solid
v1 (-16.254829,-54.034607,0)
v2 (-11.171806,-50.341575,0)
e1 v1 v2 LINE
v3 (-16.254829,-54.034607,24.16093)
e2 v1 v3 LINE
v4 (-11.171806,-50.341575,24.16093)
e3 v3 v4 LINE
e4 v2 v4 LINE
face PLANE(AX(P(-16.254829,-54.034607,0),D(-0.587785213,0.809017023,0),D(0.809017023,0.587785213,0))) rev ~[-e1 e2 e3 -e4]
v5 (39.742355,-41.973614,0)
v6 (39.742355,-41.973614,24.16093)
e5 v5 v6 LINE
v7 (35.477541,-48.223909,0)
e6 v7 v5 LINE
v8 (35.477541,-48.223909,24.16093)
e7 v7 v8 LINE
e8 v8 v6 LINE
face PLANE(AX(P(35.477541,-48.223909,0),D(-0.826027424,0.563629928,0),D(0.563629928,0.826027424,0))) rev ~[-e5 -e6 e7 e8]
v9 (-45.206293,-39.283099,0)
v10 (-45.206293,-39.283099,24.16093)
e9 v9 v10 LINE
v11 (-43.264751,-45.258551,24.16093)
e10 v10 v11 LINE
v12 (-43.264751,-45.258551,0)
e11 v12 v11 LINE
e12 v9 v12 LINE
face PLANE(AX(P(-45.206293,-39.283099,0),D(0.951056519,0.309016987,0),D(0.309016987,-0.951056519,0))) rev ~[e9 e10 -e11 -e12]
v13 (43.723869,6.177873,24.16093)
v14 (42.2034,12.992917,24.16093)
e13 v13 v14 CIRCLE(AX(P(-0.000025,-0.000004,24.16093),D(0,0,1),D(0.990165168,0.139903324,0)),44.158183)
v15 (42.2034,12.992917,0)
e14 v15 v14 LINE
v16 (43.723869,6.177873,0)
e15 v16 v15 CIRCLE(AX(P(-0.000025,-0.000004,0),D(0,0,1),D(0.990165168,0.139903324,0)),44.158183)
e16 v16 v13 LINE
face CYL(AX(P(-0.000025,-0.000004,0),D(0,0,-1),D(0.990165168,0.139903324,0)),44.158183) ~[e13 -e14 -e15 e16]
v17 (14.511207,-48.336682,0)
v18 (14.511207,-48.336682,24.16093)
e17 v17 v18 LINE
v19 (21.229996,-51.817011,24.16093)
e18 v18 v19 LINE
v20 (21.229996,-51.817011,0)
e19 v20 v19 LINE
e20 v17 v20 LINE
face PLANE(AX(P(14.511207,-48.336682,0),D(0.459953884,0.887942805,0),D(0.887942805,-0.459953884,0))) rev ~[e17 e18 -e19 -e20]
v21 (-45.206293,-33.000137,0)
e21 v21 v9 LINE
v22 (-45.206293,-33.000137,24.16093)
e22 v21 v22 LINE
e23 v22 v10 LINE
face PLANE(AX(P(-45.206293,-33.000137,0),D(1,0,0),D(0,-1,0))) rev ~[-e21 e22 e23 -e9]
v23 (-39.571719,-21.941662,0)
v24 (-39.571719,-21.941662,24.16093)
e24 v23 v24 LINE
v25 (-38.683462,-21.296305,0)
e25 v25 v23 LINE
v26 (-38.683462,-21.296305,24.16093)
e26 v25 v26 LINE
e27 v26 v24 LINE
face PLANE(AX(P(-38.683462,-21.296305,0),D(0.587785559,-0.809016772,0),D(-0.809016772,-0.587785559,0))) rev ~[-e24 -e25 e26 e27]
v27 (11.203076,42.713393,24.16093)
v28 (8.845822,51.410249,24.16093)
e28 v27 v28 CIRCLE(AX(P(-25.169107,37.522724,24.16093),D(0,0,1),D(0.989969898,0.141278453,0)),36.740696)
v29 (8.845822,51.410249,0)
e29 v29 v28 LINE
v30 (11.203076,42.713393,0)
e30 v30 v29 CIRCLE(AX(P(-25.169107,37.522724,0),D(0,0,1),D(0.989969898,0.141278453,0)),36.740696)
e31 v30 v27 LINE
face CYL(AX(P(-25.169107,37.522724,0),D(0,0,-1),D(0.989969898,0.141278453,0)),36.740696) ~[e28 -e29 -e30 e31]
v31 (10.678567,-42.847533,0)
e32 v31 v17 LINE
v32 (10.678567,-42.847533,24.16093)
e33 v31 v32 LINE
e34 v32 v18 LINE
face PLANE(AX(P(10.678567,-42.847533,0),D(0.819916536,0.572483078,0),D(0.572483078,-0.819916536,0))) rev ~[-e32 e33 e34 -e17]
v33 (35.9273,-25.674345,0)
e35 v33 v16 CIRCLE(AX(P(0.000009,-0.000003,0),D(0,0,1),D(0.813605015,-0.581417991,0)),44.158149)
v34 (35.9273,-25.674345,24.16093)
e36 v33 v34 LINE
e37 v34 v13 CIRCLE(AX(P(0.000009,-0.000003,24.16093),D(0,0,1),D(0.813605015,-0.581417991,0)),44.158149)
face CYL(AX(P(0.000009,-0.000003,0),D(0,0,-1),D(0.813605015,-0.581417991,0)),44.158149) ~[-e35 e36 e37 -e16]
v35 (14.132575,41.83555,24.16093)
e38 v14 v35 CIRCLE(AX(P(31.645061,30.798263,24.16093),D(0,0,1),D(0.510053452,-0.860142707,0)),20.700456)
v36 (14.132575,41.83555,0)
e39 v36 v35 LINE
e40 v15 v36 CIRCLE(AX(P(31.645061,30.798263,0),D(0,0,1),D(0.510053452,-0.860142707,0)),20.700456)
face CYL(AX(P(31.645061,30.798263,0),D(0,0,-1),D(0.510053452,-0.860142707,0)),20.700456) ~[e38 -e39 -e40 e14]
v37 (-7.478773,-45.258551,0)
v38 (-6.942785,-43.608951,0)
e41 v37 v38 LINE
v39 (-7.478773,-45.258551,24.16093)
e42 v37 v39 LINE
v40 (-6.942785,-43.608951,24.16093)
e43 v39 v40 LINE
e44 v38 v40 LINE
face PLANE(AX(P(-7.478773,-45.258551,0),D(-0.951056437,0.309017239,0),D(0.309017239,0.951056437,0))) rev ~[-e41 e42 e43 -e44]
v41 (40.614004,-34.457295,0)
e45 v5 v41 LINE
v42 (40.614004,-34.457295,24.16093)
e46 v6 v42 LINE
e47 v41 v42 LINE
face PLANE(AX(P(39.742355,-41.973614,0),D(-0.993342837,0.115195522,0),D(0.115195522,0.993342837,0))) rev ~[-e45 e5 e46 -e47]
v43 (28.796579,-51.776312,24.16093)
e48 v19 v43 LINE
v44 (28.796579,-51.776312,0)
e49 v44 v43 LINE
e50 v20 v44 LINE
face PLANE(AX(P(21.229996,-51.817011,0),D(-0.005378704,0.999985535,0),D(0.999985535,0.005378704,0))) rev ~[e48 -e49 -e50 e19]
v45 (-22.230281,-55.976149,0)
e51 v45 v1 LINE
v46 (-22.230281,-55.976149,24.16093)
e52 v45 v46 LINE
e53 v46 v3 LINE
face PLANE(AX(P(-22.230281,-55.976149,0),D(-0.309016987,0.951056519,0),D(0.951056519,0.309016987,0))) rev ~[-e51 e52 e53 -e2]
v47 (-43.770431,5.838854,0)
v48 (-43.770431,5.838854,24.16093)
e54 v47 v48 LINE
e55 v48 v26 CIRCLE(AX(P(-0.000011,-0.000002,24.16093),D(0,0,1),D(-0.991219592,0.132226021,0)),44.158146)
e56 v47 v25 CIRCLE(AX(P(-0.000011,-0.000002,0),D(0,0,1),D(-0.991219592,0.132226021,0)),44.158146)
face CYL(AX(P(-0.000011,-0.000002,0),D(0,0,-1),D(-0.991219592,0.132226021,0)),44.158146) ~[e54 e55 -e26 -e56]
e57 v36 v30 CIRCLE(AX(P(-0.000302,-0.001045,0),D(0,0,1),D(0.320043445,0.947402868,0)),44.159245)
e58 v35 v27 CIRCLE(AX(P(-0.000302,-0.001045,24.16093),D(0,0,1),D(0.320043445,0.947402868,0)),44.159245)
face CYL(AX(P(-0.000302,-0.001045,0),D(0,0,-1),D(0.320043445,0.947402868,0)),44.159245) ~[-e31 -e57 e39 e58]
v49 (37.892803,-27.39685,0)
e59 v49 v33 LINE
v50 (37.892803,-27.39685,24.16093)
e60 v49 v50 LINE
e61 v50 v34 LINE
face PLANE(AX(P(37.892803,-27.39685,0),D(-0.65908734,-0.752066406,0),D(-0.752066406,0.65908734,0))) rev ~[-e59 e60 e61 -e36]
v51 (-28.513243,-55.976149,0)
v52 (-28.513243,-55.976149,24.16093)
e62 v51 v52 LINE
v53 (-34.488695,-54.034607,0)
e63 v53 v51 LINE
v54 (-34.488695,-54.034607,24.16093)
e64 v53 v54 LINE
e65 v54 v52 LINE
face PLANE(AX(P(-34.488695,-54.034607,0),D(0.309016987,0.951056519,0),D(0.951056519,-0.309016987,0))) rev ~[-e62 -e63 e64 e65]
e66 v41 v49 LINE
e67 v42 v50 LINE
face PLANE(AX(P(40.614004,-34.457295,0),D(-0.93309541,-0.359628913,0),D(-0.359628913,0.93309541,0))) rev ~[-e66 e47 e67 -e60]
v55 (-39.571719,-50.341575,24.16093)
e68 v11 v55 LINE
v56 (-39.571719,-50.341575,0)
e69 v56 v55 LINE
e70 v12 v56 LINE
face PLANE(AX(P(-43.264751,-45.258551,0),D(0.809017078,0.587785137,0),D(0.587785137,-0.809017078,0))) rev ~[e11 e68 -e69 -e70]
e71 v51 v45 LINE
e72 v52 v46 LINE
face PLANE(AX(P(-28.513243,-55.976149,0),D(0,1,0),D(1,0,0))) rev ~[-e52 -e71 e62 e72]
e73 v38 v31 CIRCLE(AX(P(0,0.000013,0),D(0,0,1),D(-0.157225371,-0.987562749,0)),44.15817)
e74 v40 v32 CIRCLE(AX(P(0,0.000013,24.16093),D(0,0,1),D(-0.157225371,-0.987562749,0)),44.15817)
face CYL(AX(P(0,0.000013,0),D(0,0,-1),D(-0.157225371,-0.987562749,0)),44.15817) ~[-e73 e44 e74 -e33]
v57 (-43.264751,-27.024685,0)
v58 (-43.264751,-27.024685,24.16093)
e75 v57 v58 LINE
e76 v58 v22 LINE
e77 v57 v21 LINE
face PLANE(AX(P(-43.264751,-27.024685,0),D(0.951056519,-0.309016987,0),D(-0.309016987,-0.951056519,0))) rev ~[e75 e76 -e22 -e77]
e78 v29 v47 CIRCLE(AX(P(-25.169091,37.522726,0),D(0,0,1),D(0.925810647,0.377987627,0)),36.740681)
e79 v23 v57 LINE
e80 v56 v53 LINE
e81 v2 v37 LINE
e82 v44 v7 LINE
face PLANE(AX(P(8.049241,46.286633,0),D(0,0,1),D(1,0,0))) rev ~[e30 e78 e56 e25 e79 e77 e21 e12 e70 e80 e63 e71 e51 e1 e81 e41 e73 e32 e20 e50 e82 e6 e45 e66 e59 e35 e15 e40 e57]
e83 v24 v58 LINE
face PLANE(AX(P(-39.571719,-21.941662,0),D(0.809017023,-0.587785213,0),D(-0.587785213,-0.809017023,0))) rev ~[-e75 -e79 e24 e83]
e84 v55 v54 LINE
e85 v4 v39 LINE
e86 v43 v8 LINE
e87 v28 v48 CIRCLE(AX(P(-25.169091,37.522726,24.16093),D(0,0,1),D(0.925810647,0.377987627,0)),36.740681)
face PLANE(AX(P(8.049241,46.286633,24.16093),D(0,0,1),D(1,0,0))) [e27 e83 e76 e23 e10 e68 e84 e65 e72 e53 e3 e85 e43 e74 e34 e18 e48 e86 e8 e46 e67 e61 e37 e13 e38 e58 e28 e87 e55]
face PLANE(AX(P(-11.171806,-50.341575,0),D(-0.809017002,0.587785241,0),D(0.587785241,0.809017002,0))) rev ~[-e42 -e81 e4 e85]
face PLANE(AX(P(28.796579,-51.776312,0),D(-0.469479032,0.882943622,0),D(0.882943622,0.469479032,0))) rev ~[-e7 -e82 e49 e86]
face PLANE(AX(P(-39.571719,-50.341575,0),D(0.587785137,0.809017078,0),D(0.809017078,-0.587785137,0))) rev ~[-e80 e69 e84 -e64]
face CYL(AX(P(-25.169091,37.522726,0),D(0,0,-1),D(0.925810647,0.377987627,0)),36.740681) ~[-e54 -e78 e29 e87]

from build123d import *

# Parameters (mm, degrees)
F1_DEPTH = 24.16093


with BuildPart() as f1:
    # F0 (on Top) → F1 (new body)
    with BuildSketch(Plane.XY):
        with BuildLine():
            ThreePointArc((11.203076, 42.713393), (10.292072, 47.134359), (8.845822, 51.410249))
            ThreePointArc((8.845822, 51.410249), (6.130909, 47.880807), (3.98759, 43.977744))
            ThreePointArc((3.98759, 43.977744), (7.621596, 43.49545), (11.203076, 42.713393))
        make_face()
        with BuildLine():
            ThreePointArc((-6.668297, 43.651766), (-36.025905, 53.708341), (-37.858692, 22.730208))
            ThreePointArc((-37.858692, 22.730208), (-41.679226, 14.587151), (-43.770431, 5.838854))
            ThreePointArc((-43.770431, 5.838854), (-43.402078, -8.136493), (-38.683462, -21.296305))
            Line((-38.683462, -21.296305), (-39.571719, -21.941662))
            Line((-39.571719, -21.941662), (-43.264751, -27.024685))
            Line((-43.264751, -27.024685), (-45.206293, -33.000137))
            Line((-45.206293, -33.000137), (-45.206293, -39.283099))
            Line((-45.206293, -39.283099), (-43.264751, -45.258551))
            Line((-43.264751, -45.258551), (-39.571719, -50.341575))
            Line((-39.571719, -50.341575), (-34.488695, -54.034607))
            Line((-34.488695, -54.034607), (-28.513243, -55.976149))
            Line((-28.513243, -55.976149), (-22.230281, -55.976149))
            Line((-22.230281, -55.976149), (-16.254829, -54.034607))
            Line((-16.254829, -54.034607), (-11.171806, -50.341575))
            Line((-11.171806, -50.341575), (-7.478773, -45.258551))
            Line((-7.478773, -45.258551), (-6.942785, -43.608951))
            ThreePointArc((-6.942785, -43.608951), (1.906294, -44.116991), (10.678567, -42.847533))
            Line((10.678567, -42.847533), (14.511207, -48.336682))
            Line((14.511207, -48.336682), (21.229996, -51.817011))
            Line((21.229996, -51.817011), (28.796579, -51.776312))
            Line((28.796579, -51.776312), (35.477541, -48.223909))
            Line((35.477541, -48.223909), (39.742355, -41.973614))
            Line((39.742355, -41.973614), (40.614004, -34.457295))
            Line((40.614004, -34.457295), (37.892803, -27.39685))
            Line((37.892803, -27.39685), (35.9273, -25.674345))
            ThreePointArc((35.9273, -25.674345), (42.891936, -10.498797), (43.723869, 6.177873))
            ThreePointArc((43.723869, 6.177873), (43.098551, 9.615495), (42.2034, 12.992917))
            ThreePointArc((42.2034, 12.992917), (46.479629, 45.235869), (14.132575, 41.83555))
            ThreePointArc((14.132575, 41.83555), (12.675427, 42.299839), (11.203076, 42.713393))
            ThreePointArc((11.203076, 42.713393), (7.621596, 43.49545), (3.98759, 43.977744))
            ThreePointArc((3.98759, 43.977744), (-1.350227, 44.13751), (-6.668297, 43.651766))
        make_face()
        with BuildLine():
            ThreePointArc((-43.770431, 5.838854), (-41.679226, 14.587151), (-37.858692, 22.730208))
            ThreePointArc((-37.858692, 22.730208), (-36.025905, 53.708341), (-6.668297, 43.651766))
            ThreePointArc((-6.668297, 43.651766), (-1.350227, 44.13751), (3.98759, 43.977744))
            ThreePointArc((3.98759, 43.977744), (6.130909, 47.880807), (8.845822, 51.410249))
            ThreePointArc((8.845822, 51.410249), (-49.222835, 65.294925), (-43.770431, 5.838854))
        make_face()
    extrude(amount=F1_DEPTH)


solid = f1.part
